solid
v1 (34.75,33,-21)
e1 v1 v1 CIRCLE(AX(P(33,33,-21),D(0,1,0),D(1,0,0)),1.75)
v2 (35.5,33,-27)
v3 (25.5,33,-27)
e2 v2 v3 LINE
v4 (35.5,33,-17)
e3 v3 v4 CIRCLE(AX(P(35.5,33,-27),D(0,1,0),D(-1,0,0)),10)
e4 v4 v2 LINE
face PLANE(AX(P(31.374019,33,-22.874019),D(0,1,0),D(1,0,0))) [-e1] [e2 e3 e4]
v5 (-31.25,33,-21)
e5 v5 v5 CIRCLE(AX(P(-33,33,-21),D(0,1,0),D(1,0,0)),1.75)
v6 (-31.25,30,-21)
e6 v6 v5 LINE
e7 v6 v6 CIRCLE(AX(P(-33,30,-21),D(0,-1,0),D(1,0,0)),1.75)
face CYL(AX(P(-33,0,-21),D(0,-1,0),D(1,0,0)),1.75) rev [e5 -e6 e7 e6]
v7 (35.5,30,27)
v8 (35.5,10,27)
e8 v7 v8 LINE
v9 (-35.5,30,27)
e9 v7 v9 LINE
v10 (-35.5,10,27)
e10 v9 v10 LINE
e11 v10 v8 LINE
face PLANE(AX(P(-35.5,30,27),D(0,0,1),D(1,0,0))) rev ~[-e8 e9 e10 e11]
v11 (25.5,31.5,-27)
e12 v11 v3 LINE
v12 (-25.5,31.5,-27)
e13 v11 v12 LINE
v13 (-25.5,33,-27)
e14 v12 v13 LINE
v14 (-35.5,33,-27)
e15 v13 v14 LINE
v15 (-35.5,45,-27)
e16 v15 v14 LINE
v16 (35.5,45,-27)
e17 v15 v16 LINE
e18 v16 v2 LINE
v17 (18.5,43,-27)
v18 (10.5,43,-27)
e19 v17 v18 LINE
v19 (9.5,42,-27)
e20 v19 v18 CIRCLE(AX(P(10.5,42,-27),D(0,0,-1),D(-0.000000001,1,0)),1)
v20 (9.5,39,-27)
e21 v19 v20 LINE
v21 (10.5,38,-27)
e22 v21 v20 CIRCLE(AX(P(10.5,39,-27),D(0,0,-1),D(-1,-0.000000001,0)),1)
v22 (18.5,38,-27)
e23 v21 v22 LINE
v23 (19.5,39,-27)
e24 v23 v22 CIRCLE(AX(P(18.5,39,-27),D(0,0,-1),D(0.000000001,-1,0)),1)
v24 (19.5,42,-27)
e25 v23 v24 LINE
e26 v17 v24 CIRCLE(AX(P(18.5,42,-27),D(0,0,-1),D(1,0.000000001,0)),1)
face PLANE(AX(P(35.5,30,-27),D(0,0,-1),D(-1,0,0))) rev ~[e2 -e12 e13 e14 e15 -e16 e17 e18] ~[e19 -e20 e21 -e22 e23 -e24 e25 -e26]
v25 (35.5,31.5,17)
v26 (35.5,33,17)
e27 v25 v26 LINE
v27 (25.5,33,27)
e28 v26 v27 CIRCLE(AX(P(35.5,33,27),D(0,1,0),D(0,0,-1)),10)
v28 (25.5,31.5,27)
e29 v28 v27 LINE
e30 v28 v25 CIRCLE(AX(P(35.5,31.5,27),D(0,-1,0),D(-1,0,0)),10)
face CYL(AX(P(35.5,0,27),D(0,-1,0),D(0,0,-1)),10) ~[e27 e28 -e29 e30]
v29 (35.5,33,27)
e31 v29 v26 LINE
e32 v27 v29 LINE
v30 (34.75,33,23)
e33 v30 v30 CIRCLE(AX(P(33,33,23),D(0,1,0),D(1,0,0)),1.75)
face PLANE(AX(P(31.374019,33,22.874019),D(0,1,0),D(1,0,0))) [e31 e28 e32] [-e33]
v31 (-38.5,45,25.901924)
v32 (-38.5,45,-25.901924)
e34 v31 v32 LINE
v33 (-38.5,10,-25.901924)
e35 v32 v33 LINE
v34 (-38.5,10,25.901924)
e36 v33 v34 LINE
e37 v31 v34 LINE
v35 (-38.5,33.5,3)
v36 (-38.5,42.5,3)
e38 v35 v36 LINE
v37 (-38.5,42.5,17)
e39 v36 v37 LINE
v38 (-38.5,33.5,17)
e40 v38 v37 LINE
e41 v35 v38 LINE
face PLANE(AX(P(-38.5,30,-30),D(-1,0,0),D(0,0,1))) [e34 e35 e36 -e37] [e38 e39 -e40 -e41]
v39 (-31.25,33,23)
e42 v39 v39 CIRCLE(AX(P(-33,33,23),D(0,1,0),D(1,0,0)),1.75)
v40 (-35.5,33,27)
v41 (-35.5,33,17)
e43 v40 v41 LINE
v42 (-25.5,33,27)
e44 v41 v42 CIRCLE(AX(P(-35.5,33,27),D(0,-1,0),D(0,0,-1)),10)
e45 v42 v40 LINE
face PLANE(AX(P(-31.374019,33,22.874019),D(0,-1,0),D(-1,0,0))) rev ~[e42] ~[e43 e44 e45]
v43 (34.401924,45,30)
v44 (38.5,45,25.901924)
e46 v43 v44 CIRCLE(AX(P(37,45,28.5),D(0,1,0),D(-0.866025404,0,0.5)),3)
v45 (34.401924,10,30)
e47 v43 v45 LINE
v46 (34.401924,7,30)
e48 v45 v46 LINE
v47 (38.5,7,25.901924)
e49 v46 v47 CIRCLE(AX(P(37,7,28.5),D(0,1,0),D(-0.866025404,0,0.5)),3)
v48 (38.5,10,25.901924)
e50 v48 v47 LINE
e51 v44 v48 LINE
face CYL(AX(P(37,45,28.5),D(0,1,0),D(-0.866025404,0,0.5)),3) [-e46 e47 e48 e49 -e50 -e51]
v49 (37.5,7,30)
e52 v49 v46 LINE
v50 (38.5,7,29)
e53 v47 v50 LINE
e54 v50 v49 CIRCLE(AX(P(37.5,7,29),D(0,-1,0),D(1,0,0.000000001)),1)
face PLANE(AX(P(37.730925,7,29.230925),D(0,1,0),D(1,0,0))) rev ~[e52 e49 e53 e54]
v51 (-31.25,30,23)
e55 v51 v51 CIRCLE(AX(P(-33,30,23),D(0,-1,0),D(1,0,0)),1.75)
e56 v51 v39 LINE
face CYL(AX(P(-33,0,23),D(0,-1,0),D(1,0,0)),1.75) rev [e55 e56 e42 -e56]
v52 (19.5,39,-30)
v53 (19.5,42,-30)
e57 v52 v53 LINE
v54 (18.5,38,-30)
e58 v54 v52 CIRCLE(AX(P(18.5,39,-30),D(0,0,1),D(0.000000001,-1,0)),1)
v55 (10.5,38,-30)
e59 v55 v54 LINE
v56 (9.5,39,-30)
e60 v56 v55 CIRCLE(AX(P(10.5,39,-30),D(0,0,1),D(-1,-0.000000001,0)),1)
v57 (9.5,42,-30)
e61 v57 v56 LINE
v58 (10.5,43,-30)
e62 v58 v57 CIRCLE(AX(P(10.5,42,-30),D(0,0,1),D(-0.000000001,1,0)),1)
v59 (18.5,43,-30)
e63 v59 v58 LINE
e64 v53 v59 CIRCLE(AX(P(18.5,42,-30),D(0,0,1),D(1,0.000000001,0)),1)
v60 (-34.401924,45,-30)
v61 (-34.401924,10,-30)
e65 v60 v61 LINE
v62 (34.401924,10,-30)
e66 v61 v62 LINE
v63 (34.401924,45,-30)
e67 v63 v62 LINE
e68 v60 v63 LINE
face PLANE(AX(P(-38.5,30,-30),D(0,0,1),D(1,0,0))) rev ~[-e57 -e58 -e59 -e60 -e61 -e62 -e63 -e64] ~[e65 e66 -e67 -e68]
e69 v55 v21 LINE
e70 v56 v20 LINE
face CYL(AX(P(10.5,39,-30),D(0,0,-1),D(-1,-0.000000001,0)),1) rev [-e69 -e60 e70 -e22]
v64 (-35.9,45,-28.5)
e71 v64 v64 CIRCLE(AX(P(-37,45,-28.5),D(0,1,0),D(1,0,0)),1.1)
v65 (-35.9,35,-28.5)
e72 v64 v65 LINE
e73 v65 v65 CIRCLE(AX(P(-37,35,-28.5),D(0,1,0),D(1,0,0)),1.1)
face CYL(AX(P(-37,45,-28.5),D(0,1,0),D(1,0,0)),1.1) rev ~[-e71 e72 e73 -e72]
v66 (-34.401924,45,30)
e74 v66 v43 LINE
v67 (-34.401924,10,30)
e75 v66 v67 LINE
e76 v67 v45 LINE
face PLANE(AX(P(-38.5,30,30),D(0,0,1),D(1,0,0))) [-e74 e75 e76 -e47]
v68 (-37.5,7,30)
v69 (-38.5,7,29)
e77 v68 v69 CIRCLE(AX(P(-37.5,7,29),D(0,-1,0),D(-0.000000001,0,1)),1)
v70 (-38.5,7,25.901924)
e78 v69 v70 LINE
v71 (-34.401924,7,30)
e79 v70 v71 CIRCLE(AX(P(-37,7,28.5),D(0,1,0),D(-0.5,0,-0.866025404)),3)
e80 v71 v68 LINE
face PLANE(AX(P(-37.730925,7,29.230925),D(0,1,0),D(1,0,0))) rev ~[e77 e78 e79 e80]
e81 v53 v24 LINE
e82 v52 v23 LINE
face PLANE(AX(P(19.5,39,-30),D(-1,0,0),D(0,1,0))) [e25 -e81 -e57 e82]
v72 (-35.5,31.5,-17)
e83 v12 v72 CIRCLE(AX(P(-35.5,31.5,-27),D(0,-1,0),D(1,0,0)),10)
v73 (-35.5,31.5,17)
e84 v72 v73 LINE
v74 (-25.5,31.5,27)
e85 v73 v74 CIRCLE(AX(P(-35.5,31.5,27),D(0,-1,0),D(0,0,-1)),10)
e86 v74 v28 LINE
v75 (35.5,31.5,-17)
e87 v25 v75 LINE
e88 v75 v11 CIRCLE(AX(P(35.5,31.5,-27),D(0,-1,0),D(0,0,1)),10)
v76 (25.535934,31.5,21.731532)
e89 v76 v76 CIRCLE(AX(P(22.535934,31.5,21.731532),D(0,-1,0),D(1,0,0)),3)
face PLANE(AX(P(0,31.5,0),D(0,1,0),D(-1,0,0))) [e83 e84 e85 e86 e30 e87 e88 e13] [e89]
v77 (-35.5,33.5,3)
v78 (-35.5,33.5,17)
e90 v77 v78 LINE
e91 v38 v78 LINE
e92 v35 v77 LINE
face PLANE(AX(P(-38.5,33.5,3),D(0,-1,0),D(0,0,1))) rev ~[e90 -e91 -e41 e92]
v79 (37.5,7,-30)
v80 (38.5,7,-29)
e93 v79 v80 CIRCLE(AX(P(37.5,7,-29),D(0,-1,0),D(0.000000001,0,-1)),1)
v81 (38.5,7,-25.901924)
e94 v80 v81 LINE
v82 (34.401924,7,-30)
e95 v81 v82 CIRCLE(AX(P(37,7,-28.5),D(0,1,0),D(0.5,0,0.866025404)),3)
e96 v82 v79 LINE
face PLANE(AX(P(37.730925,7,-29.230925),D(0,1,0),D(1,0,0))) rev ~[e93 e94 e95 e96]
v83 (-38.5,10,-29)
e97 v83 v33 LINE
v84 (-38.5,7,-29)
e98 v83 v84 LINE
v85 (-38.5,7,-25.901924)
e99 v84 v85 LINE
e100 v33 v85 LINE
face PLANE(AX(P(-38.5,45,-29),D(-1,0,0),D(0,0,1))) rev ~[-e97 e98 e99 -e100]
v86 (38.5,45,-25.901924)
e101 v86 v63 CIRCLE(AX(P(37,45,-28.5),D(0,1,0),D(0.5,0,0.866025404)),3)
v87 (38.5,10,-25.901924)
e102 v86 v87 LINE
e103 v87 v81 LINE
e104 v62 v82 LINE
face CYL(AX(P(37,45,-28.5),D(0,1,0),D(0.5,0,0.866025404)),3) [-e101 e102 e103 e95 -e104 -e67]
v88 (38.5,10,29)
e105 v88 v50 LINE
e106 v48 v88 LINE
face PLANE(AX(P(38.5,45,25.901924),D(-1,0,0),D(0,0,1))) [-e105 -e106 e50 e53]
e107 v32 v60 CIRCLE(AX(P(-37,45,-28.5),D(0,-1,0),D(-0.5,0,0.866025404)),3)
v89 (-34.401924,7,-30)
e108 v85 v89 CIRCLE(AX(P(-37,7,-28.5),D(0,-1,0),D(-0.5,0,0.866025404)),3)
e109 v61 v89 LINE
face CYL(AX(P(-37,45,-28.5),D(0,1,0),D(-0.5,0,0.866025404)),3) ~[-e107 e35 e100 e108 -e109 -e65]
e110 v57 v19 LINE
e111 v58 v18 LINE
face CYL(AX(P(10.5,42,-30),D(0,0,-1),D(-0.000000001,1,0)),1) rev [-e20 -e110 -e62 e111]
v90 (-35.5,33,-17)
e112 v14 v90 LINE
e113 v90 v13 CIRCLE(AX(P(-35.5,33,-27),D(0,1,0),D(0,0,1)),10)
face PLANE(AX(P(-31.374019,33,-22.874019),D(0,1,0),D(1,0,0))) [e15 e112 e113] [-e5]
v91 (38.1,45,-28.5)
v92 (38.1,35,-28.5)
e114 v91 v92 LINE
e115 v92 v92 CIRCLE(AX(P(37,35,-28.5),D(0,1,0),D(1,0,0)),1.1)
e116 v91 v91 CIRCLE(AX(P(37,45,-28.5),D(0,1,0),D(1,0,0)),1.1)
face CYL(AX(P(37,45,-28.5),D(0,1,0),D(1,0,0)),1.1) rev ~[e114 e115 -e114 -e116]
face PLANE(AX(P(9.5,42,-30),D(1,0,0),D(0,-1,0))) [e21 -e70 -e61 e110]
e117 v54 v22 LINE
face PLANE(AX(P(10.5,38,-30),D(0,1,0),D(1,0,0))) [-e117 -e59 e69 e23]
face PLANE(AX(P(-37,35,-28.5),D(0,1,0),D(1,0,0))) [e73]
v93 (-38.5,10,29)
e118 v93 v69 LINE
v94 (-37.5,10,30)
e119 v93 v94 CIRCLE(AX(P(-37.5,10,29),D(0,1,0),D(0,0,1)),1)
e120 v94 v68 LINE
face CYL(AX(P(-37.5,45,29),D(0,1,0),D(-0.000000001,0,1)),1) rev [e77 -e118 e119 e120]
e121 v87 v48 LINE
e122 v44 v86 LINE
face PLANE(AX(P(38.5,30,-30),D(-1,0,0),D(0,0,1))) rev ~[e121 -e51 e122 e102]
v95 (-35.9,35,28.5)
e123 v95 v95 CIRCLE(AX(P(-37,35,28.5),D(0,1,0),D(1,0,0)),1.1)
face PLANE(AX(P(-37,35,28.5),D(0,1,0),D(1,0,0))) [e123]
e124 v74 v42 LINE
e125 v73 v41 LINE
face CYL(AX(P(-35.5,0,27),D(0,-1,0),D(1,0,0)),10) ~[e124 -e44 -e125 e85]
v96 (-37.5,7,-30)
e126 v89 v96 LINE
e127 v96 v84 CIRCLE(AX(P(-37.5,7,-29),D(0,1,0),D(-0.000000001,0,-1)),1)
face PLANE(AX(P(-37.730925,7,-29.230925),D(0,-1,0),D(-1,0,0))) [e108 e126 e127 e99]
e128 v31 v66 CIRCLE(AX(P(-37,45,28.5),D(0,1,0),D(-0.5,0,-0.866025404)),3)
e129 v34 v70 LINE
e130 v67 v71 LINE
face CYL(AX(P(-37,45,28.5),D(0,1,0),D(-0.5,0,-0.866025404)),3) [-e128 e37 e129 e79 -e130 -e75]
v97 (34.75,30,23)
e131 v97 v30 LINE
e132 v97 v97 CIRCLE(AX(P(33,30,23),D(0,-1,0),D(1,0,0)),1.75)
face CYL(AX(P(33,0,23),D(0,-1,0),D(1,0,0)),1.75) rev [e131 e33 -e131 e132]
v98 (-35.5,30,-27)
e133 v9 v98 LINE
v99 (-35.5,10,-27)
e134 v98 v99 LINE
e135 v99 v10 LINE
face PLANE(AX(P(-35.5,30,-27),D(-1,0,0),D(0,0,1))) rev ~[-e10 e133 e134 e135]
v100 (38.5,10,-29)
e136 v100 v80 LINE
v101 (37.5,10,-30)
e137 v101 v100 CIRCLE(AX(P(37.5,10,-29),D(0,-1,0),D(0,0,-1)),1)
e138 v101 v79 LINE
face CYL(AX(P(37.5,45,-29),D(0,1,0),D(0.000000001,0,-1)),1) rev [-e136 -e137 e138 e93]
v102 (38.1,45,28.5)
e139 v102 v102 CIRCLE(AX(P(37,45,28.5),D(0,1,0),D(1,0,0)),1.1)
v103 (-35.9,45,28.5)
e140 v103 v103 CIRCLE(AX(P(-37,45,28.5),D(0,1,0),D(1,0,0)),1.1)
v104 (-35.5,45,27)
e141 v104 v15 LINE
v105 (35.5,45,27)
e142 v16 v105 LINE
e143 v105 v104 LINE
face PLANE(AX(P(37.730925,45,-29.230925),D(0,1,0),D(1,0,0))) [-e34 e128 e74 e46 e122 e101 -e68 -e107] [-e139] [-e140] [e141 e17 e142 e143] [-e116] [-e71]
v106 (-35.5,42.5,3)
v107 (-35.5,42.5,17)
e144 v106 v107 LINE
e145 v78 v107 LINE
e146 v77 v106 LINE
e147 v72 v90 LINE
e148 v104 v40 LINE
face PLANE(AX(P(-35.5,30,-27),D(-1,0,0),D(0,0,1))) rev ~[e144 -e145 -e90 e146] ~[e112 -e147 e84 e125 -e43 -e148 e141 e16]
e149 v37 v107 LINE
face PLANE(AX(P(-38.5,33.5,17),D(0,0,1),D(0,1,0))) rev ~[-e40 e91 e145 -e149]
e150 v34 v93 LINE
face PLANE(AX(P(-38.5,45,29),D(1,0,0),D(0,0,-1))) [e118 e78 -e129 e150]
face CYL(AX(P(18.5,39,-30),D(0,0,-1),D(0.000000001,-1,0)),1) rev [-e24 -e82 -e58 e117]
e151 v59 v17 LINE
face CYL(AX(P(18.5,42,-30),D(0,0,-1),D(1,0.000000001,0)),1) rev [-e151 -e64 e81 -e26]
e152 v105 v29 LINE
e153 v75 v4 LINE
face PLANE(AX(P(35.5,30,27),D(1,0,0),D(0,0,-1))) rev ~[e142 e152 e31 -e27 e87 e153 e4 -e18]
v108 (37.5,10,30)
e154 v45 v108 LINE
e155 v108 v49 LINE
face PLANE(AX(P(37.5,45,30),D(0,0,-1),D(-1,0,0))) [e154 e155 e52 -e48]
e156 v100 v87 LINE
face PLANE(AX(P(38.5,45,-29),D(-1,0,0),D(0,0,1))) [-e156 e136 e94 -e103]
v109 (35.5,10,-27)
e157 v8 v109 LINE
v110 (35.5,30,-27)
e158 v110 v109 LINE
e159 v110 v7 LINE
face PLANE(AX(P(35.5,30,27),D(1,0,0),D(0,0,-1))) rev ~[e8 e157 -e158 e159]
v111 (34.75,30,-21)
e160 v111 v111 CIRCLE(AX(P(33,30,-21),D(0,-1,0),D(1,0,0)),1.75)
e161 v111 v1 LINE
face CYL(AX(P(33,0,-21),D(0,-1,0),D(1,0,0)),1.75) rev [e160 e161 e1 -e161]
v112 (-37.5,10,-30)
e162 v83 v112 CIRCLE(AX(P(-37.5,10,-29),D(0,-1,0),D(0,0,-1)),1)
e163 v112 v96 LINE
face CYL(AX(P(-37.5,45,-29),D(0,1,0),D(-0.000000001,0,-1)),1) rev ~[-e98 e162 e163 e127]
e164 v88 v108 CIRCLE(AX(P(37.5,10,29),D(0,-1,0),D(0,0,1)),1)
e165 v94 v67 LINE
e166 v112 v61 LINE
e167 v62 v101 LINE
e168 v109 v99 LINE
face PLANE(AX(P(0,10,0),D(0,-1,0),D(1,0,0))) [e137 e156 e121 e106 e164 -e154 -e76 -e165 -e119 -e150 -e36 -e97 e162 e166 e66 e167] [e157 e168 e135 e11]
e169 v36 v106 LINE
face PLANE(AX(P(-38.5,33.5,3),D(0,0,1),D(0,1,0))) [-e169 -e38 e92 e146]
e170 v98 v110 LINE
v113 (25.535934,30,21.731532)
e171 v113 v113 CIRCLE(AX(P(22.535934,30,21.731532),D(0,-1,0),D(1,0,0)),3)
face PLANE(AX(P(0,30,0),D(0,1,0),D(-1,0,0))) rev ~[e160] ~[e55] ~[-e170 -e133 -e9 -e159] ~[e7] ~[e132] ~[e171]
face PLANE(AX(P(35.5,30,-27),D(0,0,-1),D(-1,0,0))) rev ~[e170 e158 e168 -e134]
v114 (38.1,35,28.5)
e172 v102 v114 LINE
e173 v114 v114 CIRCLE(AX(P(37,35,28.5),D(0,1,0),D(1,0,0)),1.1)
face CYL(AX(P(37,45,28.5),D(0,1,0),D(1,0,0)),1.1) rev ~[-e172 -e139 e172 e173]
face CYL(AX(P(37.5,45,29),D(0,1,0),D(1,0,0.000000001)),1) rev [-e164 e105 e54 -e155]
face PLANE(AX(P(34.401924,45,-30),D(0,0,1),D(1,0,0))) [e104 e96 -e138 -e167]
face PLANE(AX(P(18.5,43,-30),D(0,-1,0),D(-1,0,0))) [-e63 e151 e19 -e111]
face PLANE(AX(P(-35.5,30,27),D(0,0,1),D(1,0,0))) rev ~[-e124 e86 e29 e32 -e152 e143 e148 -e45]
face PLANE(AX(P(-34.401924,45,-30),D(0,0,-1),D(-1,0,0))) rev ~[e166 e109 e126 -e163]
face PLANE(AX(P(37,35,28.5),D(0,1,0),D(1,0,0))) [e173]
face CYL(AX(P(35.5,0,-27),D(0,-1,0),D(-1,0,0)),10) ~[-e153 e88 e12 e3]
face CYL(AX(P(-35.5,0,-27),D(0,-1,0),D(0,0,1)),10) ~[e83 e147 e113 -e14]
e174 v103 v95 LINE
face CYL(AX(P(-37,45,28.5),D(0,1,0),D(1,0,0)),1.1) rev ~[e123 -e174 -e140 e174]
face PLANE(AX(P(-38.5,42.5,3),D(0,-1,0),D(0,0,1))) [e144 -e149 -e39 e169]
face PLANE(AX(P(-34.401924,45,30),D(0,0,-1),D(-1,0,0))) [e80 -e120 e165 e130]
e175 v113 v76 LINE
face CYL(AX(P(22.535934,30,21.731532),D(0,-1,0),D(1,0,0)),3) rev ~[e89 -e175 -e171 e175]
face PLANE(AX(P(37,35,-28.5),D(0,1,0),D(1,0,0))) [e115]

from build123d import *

# Parameters (mm, degrees)
SKETCH1_W           = 77
SKETCH1_H           = 60
SKETCH1_W_2         = 71
SKETCH1_H_2         = 54
SKETCH1_R           = 1.75
BOSS_EXTRUDE1_DEPTH = 45
SKETCH2_R           = 1.75
CUT_EXTRUDE1_DEPTH  = 12
SKETCH3_W           = 77
SKETCH3_H           = 60
SKETCH3_R           = 1.75
BOSS_EXTRUDE2_DEPTH = 3
CUT_EXTRUDE2_DEPTH  = 10
SKETCH6_W           = 14
SKETCH6_H           = 9
CUT_EXTRUDE3_DEPTH  = 10
SKETCH7_R           = 1.1
CUT_EXTRUDE4_DEPTH  = 10
SKETCH9_W           = 60
SKETCH9_H           = 30
CUT_EXTRUDE5_DEPTH  = 169
SKETCH10_W          = 77
SKETCH10_H          = 60
BOSS_EXTRUDE3_DEPTH = 20
BOSS_EXTRUDE4_DEPTH = 1.5
SKETCH13_R          = 3
CUT_EXTRUDE6_DEPTH  = 1.5
FILLET1_R           = 1
BOSS_EXTRUDE5_DEPTH = 38
BOSS_EXTRUDE6_DEPTH = 38


with BuildPart() as part:
    # Sketch1 → Boss-Extrude1 (new body)
    with BuildSketch(Plane(origin=(0, 0, 0), x_dir=(1, 0, 0), z_dir=(0, 1, 0))):
        Rectangle(SKETCH1_W, SKETCH1_H)
        Rectangle(SKETCH1_W_2, SKETCH1_H_2, mode=Mode.SUBTRACT)
        with BuildLine():
            ThreePointArc((-25.5, -27), (-28.428932188, -19.928932188), (-35.5, -17))
            Line((-35.5, -17), (-35.5, -27))
            Line((-35.5, -27), (-25.5, -27))
        make_face()
        with Locations((-33, -23)):
            Circle(SKETCH1_R, mode=Mode.SUBTRACT)
        with BuildLine():
            Line((-25.5, 27), (-35.5, 27))
            Line((-35.5, 27), (-35.5, 17))
            ThreePointArc((-35.5, 17), (-28.428932188, 19.928932188), (-25.5, 27))
        make_face()
        with Locations((-33, 21)):
            Circle(SKETCH1_R, mode=Mode.SUBTRACT)
        with BuildLine():
            Line((35.5, 27), (25.5, 27))
            ThreePointArc((25.5, 27), (28.428932188, 19.928932188), (35.5, 17))
            Line((35.5, 17), (35.5, 27))
        make_face()
        with Locations((33, 21)):
            Circle(SKETCH1_R, mode=Mode.SUBTRACT)
        with BuildLine():
            Line((35.5, -27), (35.5, -17))
            ThreePointArc((35.5, -17), (28.428932188, -19.928932188), (25.5, -27))
            Line((25.5, -27), (35.5, -27))
        make_face()
        with Locations((33, -23)):
            Circle(SKETCH1_R, mode=Mode.SUBTRACT)
    extrude(amount=BOSS_EXTRUDE1_DEPTH)

    # Sketch2 → Cut-Extrude1 (cut)
    with BuildSketch(Plane(origin=(0, 45, 0), x_dir=(1, 0, 0), z_dir=(0, 1, 0))):
        with BuildLine():
            Line((-25.5, 27), (-35.5, 27))
            Line((-35.5, 27), (-35.5, 17))
            ThreePointArc((-35.5, 17), (-28.428932188, 19.928932188), (-25.5, 27))
        make_face()
        with Locations((-33, 21)):
            Circle(SKETCH2_R, mode=Mode.SUBTRACT)
        with BuildLine():
            Line((35.5, 17), (35.5, 27))
            Line((35.5, 27), (25.5, 27))
            ThreePointArc((25.5, 27), (28.428932188, 19.928932188), (35.5, 17))
        make_face()
        with Locations((33, 21)):
            Circle(SKETCH2_R, mode=Mode.SUBTRACT)
        with BuildLine():
            Line((-25.5, -27), (-35.5, -27))
            Line((-35.5, -27), (-35.5, -17))
            ThreePointArc((-35.5, -17), (-28.428932188, -19.928932188), (-25.5, -27))
        make_face()
        with Locations((-33, -23)):
            Circle(SKETCH2_R, mode=Mode.SUBTRACT)
        with BuildLine():
            Line((25.5, -27), (35.5, -27))
            Line((35.5, -27), (35.5, -17))
            ThreePointArc((35.5, -17), (28.428932188, -19.928932188), (25.5, -27))
        make_face()
        with Locations((33, -23)):
            Circle(SKETCH2_R, mode=Mode.SUBTRACT)
    extrude(amount=-CUT_EXTRUDE1_DEPTH, mode=Mode.SUBTRACT)

    # Sketch3 → Boss-Extrude2 (add)
    with BuildSketch(Plane.XZ):
        Rectangle(SKETCH3_W, SKETCH3_H)
        with Locations((33, -21)):
            Circle(SKETCH3_R, mode=Mode.SUBTRACT)
        with Locations((-33, -21)):
            Circle(SKETCH3_R, mode=Mode.SUBTRACT)
        with Locations((33, 23)):
            Circle(SKETCH3_R, mode=Mode.SUBTRACT)
        with Locations((-33, 23)):
            Circle(SKETCH3_R, mode=Mode.SUBTRACT)
    extrude(amount=-BOSS_EXTRUDE2_DEPTH)

    # Sketch4 → Cut-Extrude2 (cut)
    with BuildSketch(Plane(origin=(0, 0, -30), x_dir=(-1, 0, 0), z_dir=(0, 0, -1))):
        with BuildLine():
            Line((-18.5, 43), (-10.5, 43))
            ThreePointArc((-10.5, 43), (-9.792893219, 42.707106781), (-9.5, 42))
            Line((-9.5, 42), (-9.5, 39))
            ThreePointArc((-9.5, 39), (-9.792893219, 38.292893219), (-10.5, 38))
            Line((-10.5, 38), (-18.5, 38))
            ThreePointArc((-18.5, 38), (-19.207106781, 38.292893219), (-19.5, 39))
            Line((-19.5, 39), (-19.5, 42))
            ThreePointArc((-19.5, 42), (-19.207106781, 42.707106781), (-18.5, 43))
        make_face()
    extrude(amount=-CUT_EXTRUDE2_DEPTH, mode=Mode.SUBTRACT)

    # Sketch6 → Cut-Extrude3 (cut)
    with BuildSketch(Plane.ZY.offset(38.5)):
        with Locations((10, 38)):
            Rectangle(SKETCH6_W, SKETCH6_H)
    extrude(amount=-CUT_EXTRUDE3_DEPTH, mode=Mode.SUBTRACT)

    # Sketch7 → Cut-Extrude4 (cut)
    with BuildSketch(Plane(origin=(0, 45, 0), x_dir=(1, 0, 0), z_dir=(0, 1, 0))):
        with Locations((-37, 28.5)):
            Circle(SKETCH7_R)
        with Locations((37, 28.5)):
            Circle(SKETCH7_R)
        with Locations((37, -28.5)):
            Circle(SKETCH7_R)
        with Locations((-37, -28.5)):
            Circle(SKETCH7_R)
    extrude(amount=-CUT_EXTRUDE4_DEPTH, mode=Mode.SUBTRACT)

    # Sketch9 → Cut-Extrude5 (cut)
    with BuildSketch(Plane.ZY.offset(38.5)):
        with Locations((0, 15)):
            Rectangle(SKETCH9_W, SKETCH9_H)
    extrude(amount=-CUT_EXTRUDE5_DEPTH, mode=Mode.SUBTRACT)

    # Sketch10 → Boss-Extrude3 (add)
    with BuildSketch(Plane.XZ.offset(-30)):
        Rectangle(SKETCH10_W, SKETCH10_H)
        Polygon((-35.5, 17), (-35.5, 27), (-25.5, 27), (25.5, 27), (35.5, 27), (35.5, 17), (35.5, -17), (35.5, -27), (25.5, -27), (-25.5, -27), (-35.5, -27), (-35.5, -17), align=None, mode=Mode.SUBTRACT)
    extrude(amount=BOSS_EXTRUDE3_DEPTH)

    # Sketch11 → Boss-Extrude4 (add)
    with BuildSketch(Plane.XZ.offset(-30)):
        with BuildLine():
            Line((35.5, 17), (35.5, -17))
            ThreePointArc((35.5, -17), (28.428932188, -19.928932188), (25.5, -27))
            Line((25.5, -27), (-25.5, -27))
            ThreePointArc((-25.5, -27), (-28.428932188, -19.928932188), (-35.5, -17))
            Line((-35.5, -17), (-35.5, 17))
            ThreePointArc((-35.5, 17), (-28.428932188, 19.928932188), (-25.5, 27))
            Line((-25.5, 27), (25.5, 27))
            ThreePointArc((25.5, 27), (28.428932188, 19.928932188), (35.5, 17))
        make_face()
    extrude(amount=-BOSS_EXTRUDE4_DEPTH)

    # Sketch13 → Cut-Extrude6 (cut)
    with BuildSketch(Plane.XZ.offset(-30)):
        with Locations((22.535934278, 21.73153163)):
            Circle(SKETCH13_R)
    extrude(amount=-CUT_EXTRUDE6_DEPTH, mode=Mode.SUBTRACT)

    # Fillet1
    fillet1_edges = [part.edges().sort_by_distance(p)[0] for p in [
        (38.5, 27.5, 30),
        (-38.5, 27.5, 30),
        (-38.5, 27.5, -30),
        (38.5, 27.5, -30),
    ]]
    fillet(fillet1_edges, radius=FILLET1_R)

    # Sketch14 → Boss-Extrude5 (add)
    with BuildSketch(Plane(origin=(0, 45, 0), x_dir=(1, 0, 0), z_dir=(0, 1, 0))):
        with BuildLine():
            Line((-38.5, 29), (-38.5, 25.901923789))
            ThreePointArc((-38.5, 25.901923789), (-39.121320344, 30.621320344), (-34.401923789, 30))
            Line((-34.401923789, 30), (-37.5, 30))
            ThreePointArc((-37.5, 30), (-38.207106781, 29.707106781), (-38.5, 29))
        make_face()
    extrude(amount=-BOSS_EXTRUDE5_DEPTH)

    # Sketch15 → Boss-Extrude6 (add)
    with BuildSketch(Plane(origin=(0, 45, 0), x_dir=(1, 0, 0), z_dir=(0, 1, 0))):
        with BuildLine():
            Line((38.5, 29), (38.5, 25.901923789))
            ThreePointArc((38.5, 25.901923789), (39.121320344, 30.621320344), (34.401923789, 30))
            Line((34.401923789, 30), (37.5, 30))
            ThreePointArc((37.5, 30), (38.207106781, 29.707106781), (38.5, 29))
        make_face()
        with BuildLine():
            Line((37.5, -30), (34.401923789, -30))
            ThreePointArc((34.401923789, -30), (39.121320344, -30.621320344), (38.5, -25.901923789))
            Line((38.5, -25.901923789), (38.5, -29))
            ThreePointArc((38.5, -29), (38.207106781, -29.707106781), (37.5, -30))
        make_face()
        with BuildLine():
            ThreePointArc((-38.5, -25.901923789), (-39.121320344, -30.621320344), (-34.401923789, -30))
            Line((-34.401923789, -30), (-37.5, -30))
            ThreePointArc((-37.5, -30), (-38.207106781, -29.707106781), (-38.5, -29))
            Line((-38.5, -29), (-38.5, -25.901923789))
        make_face()
    extrude(amount=-BOSS_EXTRUDE6_DEPTH)


solid = part.part
